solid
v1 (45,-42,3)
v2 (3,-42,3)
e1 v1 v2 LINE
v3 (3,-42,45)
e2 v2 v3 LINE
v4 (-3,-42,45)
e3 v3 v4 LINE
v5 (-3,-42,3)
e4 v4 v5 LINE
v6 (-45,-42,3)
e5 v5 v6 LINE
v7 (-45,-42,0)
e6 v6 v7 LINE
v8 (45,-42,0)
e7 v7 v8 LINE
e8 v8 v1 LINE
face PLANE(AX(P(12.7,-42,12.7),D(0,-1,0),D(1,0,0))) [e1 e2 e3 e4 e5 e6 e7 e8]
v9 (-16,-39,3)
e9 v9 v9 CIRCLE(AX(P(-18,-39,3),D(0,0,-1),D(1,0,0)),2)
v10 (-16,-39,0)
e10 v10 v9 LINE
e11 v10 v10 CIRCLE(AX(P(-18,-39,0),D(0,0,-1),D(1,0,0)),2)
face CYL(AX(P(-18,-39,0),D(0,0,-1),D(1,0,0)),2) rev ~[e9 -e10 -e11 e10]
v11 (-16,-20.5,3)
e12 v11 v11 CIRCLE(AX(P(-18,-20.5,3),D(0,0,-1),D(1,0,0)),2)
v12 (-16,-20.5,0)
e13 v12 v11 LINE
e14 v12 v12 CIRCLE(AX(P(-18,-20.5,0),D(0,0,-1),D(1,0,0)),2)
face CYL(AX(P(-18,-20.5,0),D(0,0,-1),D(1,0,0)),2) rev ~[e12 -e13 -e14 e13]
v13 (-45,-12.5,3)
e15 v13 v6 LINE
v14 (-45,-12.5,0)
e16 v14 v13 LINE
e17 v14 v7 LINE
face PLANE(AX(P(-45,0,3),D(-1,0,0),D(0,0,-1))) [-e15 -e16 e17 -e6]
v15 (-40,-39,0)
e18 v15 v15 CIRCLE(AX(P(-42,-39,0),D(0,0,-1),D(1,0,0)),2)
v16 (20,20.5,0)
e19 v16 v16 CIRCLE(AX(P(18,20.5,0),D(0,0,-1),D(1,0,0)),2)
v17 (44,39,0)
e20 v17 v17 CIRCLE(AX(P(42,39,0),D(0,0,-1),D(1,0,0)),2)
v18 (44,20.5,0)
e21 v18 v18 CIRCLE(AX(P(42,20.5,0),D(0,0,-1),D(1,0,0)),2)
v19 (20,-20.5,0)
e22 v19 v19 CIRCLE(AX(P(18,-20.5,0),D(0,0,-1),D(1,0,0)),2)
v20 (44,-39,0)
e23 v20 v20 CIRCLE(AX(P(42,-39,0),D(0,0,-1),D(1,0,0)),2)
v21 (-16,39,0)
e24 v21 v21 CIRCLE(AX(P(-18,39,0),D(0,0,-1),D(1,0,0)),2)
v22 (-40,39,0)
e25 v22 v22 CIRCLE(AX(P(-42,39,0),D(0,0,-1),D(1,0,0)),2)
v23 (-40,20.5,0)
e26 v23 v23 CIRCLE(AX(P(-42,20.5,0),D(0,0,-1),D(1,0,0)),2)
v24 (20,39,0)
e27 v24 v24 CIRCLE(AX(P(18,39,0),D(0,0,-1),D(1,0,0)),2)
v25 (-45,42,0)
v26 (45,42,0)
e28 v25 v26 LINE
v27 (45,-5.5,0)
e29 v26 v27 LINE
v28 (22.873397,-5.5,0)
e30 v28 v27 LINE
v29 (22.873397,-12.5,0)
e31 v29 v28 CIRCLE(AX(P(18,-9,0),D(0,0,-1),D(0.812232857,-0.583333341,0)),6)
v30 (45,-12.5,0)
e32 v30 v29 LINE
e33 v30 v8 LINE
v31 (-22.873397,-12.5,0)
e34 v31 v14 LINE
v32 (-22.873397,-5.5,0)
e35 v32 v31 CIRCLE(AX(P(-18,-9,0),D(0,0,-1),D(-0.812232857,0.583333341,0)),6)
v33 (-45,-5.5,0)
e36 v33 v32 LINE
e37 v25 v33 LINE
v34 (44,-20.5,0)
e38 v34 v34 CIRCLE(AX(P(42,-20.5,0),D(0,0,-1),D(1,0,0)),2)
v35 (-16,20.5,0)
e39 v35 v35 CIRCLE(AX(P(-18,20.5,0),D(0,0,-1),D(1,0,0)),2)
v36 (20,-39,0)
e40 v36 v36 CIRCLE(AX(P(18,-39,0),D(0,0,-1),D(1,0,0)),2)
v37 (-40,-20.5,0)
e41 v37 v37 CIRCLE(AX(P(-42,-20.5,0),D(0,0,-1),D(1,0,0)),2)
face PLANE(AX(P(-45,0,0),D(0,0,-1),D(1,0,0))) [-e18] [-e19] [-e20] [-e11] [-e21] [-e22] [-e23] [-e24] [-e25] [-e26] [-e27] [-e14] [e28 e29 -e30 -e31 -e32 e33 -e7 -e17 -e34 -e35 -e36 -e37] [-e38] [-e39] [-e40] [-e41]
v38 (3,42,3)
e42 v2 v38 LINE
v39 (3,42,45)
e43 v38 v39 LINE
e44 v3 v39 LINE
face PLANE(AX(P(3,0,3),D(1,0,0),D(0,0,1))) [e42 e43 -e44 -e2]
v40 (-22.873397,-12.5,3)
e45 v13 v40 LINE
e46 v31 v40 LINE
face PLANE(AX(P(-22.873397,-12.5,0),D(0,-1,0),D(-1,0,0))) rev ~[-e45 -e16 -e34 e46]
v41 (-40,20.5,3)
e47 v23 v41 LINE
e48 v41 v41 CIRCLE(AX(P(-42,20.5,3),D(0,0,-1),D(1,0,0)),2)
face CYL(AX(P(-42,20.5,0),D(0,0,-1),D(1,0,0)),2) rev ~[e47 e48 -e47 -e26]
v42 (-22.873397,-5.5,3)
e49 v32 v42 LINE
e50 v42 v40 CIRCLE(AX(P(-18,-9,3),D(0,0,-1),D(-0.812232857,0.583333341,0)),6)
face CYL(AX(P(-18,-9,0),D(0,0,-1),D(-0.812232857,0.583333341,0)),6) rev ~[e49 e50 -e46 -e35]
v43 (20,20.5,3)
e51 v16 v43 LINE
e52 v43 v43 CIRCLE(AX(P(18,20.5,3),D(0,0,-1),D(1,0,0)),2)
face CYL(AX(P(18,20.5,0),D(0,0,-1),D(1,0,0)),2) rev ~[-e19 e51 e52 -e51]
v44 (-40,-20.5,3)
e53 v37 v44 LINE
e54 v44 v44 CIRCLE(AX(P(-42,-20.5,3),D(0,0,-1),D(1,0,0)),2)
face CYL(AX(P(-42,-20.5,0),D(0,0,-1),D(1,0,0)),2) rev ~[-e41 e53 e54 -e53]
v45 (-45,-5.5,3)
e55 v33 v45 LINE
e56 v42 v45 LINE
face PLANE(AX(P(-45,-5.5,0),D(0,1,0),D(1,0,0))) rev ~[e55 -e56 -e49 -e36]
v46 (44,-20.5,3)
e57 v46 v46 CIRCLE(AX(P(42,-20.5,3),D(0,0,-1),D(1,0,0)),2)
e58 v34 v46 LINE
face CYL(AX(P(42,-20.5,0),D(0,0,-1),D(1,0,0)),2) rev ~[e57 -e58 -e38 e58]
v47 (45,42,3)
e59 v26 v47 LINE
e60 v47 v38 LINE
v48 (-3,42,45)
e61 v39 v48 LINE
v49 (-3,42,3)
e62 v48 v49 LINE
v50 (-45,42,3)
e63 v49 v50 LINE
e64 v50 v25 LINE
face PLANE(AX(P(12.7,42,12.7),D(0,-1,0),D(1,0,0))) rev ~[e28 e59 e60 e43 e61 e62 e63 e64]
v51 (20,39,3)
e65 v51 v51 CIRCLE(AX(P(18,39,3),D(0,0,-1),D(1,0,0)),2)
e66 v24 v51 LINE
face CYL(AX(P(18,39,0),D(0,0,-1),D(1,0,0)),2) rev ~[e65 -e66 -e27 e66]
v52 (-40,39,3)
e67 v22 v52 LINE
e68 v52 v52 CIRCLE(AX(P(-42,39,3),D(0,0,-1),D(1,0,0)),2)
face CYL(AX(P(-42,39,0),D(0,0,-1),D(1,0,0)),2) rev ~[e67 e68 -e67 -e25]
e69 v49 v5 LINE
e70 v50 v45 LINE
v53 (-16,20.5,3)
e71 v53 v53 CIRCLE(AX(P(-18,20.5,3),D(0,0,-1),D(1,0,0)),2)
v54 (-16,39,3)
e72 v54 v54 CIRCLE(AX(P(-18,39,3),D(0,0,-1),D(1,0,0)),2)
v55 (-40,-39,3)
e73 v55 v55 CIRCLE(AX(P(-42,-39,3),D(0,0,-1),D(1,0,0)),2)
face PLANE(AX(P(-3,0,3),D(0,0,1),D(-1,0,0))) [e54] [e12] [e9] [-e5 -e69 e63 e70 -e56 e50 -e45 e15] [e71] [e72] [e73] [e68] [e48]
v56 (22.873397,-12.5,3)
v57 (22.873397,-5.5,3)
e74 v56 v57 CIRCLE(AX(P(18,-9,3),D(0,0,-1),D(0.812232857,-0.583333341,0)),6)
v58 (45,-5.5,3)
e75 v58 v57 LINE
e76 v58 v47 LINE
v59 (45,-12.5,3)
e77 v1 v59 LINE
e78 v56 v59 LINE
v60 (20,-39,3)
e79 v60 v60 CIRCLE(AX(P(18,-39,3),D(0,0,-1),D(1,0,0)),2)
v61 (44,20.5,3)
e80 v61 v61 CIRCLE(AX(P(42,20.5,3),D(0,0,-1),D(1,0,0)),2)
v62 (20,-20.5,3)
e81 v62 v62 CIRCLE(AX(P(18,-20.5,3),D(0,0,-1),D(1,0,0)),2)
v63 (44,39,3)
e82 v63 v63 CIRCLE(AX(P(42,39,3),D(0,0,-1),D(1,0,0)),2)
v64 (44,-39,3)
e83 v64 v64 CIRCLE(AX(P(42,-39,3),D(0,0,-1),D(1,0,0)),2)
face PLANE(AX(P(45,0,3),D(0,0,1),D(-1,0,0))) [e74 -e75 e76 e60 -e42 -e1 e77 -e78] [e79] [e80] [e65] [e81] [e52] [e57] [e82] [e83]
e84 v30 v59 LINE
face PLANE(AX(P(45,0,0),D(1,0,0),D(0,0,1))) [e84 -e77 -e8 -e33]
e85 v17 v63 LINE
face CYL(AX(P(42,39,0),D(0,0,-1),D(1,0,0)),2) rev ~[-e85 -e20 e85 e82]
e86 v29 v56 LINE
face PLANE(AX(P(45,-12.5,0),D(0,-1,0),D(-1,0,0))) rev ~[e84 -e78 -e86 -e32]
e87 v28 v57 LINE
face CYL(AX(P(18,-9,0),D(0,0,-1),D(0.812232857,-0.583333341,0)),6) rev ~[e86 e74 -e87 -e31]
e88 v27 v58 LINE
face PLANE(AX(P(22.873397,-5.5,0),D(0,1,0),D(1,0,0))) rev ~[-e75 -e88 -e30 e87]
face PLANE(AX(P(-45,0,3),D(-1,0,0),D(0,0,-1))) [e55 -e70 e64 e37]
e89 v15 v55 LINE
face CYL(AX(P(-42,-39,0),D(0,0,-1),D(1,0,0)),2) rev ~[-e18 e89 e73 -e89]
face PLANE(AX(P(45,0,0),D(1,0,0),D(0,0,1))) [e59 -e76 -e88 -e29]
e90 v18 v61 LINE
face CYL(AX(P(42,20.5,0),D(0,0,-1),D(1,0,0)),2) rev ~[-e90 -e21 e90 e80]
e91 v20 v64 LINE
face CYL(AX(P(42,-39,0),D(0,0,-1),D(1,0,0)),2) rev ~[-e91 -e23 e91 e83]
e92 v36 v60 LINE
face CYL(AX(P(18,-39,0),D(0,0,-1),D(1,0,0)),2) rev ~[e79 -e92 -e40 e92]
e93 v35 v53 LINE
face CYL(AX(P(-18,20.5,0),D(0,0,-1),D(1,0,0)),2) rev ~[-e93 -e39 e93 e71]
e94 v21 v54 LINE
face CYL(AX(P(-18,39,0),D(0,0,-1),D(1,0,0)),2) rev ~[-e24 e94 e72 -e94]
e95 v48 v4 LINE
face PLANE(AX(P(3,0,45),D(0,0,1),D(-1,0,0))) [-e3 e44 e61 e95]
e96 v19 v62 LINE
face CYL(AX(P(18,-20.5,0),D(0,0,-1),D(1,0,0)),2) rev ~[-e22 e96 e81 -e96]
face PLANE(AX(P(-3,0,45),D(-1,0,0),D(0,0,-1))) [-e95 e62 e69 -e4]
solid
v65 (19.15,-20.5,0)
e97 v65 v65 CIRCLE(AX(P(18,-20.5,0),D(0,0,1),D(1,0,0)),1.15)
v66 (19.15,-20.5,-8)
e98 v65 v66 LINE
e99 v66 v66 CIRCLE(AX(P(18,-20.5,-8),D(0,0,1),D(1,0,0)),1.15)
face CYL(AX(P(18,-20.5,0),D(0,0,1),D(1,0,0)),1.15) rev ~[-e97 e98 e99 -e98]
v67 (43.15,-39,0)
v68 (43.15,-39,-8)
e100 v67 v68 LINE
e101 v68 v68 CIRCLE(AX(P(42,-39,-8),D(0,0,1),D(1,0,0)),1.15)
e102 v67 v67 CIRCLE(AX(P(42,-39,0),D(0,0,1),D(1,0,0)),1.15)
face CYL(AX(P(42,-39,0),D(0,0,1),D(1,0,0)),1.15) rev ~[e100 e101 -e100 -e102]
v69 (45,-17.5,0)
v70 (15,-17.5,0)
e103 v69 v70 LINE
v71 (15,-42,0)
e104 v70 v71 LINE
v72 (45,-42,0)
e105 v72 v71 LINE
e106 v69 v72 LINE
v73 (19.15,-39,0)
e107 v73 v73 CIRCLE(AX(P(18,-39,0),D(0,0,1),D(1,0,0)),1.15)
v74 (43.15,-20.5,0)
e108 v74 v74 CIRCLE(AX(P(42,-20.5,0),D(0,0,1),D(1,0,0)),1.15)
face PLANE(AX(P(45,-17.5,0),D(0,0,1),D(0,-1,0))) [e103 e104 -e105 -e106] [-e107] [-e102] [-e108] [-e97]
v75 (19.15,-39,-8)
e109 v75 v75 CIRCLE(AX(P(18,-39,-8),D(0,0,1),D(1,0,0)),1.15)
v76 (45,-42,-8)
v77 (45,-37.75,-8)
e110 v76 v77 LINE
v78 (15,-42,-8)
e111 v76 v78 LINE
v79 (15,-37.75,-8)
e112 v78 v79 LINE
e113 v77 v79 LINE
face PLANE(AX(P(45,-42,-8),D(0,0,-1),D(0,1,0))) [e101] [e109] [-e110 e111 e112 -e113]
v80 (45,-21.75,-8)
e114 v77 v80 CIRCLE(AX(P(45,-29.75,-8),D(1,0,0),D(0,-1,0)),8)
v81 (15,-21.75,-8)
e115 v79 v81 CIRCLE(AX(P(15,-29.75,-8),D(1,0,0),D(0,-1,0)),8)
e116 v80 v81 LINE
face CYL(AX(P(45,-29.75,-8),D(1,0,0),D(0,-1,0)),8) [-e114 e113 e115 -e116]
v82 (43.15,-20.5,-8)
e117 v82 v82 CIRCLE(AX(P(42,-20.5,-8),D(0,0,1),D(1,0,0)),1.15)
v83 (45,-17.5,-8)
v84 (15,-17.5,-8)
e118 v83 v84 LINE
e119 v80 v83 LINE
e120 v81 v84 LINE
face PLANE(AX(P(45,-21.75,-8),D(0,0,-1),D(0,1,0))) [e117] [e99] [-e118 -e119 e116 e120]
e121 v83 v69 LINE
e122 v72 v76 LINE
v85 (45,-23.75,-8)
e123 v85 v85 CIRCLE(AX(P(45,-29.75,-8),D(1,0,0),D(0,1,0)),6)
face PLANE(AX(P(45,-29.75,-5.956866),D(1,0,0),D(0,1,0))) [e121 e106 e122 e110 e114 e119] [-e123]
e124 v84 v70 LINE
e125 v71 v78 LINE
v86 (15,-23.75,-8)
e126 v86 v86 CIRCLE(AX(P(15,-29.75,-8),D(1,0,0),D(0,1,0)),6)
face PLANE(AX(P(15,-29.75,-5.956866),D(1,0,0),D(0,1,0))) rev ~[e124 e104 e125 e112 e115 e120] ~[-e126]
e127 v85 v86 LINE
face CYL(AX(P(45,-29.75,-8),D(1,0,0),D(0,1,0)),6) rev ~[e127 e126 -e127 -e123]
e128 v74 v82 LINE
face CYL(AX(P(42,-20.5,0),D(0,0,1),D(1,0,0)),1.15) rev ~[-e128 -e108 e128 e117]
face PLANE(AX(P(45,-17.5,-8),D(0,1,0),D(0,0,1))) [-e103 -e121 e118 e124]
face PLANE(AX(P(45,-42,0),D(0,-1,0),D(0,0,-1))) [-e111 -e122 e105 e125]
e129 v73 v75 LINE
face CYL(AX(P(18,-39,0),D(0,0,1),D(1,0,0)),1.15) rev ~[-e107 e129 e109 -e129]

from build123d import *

# Parameters (mm, degrees)
F1_DEPTH = 42
F3_DEPTH = 45.001
F4_R     = 6
F5_DEPTH = 30
F6_R     = 1.15
F7_DEPTH = 16.001
F8_R     = 2
F9_DEPTH = 45.001


with BuildPart() as f1:
    # F0 (on Front) → F1 (new body, symmetric)
    with BuildSketch(Plane.XZ):
        Polygon((3, 45), (0, 45), (0, 0), (45, 0), (45, 3), (3, 3), align=None)
        Polygon((0, 0), (0, 45), (-3, 45), (-3, 3), (-45, 3), (-45, 0), align=None)
    extrude(amount=F1_DEPTH, both=True)

    # F2 (on face) → F3 (cut, through all)
    with BuildSketch(Plane(origin=(0, 0, 0), x_dir=(1, 0, 0), z_dir=(0, 0, -1))):
        with BuildLine():
            Line((45, 12.5), (22.873397, 12.5))
            ThreePointArc((22.873397, 12.5), (12, 9), (22.873397, 5.5))
            Line((22.873397, 5.5), (45, 5.5))
            Line((45, 5.5), (45, 12.5))
        make_face()
        with BuildLine():
            ThreePointArc((-22.873397, 5.5), (-12, 9), (-22.873397, 12.5))
            Line((-22.873397, 12.5), (-45, 12.5))
            Line((-45, 12.5), (-45, 5.5))
            Line((-45, 5.5), (-22.873397, 5.5))
        make_face()
    extrude(amount=-F3_DEPTH, mode=Mode.SUBTRACT)

    # F8 (on face) → F9 (cut, through all)
    with BuildSketch(Plane(origin=(0, 0, 0), x_dir=(1, 0, 0), z_dir=(0, 0, -1))):
        with Locations((18, 20.5)):
            Circle(F8_R)
        with Locations((18, 39)):
            Circle(F8_R)
        with Locations((42, 20.5)):
            Circle(F8_R)
        with Locations((42, 39)):
            Circle(F8_R)
        with Locations((18, -20.5)):
            Circle(F8_R)
        with Locations((18, -39)):
            Circle(F8_R)
        with Locations((42, -20.5)):
            Circle(F8_R)
        with Locations((42, -39)):
            Circle(F8_R)
        with Locations((-42, -39)):
            Circle(F8_R)
        with Locations((-42, -20.5)):
            Circle(F8_R)
        with Locations((-18, -39)):
            Circle(F8_R)
        with Locations((-18, -20.5)):
            Circle(F8_R)
        with Locations((-42, 39)):
            Circle(F8_R)
        with Locations((-42, 20.5)):
            Circle(F8_R)
        with Locations((-18, 39)):
            Circle(F8_R)
        with Locations((-18, 20.5)):
            Circle(F8_R)
    extrude(amount=-F9_DEPTH, mode=Mode.SUBTRACT)


with BuildPart() as f5:
    # F4 (on face) → F5 (new body)
    with BuildSketch(Plane.YZ.offset(45)):
        with BuildLine():
            Line((-17.5, 0), (-42, 0))
            Line((-42, 0), (-42, -8))
            Line((-42, -8), (-37.75, -8))
            ThreePointArc((-37.75, -8), (-29.75, -16), (-21.75, -8))
            Line((-21.75, -8), (-17.5, -8))
            Line((-17.5, -8), (-17.5, 0))
        make_face()
        with Locations((-29.75, -8)):
            Circle(F4_R, mode=Mode.SUBTRACT)
    extrude(amount=-F5_DEPTH)

    # F6 (on face) → F7 (cut, through all)
    with BuildSketch(Plane.XY):
        with Locations((18, -20.5)):
            Circle(F6_R)
        with Locations((18, -39)):
            Circle(F6_R)
        with Locations((42, -20.5)):
            Circle(F6_R)
        with Locations((42, -39)):
            Circle(F6_R)
    extrude(amount=-F7_DEPTH, mode=Mode.SUBTRACT)


solid = Compound([f1.part, f5.part])
